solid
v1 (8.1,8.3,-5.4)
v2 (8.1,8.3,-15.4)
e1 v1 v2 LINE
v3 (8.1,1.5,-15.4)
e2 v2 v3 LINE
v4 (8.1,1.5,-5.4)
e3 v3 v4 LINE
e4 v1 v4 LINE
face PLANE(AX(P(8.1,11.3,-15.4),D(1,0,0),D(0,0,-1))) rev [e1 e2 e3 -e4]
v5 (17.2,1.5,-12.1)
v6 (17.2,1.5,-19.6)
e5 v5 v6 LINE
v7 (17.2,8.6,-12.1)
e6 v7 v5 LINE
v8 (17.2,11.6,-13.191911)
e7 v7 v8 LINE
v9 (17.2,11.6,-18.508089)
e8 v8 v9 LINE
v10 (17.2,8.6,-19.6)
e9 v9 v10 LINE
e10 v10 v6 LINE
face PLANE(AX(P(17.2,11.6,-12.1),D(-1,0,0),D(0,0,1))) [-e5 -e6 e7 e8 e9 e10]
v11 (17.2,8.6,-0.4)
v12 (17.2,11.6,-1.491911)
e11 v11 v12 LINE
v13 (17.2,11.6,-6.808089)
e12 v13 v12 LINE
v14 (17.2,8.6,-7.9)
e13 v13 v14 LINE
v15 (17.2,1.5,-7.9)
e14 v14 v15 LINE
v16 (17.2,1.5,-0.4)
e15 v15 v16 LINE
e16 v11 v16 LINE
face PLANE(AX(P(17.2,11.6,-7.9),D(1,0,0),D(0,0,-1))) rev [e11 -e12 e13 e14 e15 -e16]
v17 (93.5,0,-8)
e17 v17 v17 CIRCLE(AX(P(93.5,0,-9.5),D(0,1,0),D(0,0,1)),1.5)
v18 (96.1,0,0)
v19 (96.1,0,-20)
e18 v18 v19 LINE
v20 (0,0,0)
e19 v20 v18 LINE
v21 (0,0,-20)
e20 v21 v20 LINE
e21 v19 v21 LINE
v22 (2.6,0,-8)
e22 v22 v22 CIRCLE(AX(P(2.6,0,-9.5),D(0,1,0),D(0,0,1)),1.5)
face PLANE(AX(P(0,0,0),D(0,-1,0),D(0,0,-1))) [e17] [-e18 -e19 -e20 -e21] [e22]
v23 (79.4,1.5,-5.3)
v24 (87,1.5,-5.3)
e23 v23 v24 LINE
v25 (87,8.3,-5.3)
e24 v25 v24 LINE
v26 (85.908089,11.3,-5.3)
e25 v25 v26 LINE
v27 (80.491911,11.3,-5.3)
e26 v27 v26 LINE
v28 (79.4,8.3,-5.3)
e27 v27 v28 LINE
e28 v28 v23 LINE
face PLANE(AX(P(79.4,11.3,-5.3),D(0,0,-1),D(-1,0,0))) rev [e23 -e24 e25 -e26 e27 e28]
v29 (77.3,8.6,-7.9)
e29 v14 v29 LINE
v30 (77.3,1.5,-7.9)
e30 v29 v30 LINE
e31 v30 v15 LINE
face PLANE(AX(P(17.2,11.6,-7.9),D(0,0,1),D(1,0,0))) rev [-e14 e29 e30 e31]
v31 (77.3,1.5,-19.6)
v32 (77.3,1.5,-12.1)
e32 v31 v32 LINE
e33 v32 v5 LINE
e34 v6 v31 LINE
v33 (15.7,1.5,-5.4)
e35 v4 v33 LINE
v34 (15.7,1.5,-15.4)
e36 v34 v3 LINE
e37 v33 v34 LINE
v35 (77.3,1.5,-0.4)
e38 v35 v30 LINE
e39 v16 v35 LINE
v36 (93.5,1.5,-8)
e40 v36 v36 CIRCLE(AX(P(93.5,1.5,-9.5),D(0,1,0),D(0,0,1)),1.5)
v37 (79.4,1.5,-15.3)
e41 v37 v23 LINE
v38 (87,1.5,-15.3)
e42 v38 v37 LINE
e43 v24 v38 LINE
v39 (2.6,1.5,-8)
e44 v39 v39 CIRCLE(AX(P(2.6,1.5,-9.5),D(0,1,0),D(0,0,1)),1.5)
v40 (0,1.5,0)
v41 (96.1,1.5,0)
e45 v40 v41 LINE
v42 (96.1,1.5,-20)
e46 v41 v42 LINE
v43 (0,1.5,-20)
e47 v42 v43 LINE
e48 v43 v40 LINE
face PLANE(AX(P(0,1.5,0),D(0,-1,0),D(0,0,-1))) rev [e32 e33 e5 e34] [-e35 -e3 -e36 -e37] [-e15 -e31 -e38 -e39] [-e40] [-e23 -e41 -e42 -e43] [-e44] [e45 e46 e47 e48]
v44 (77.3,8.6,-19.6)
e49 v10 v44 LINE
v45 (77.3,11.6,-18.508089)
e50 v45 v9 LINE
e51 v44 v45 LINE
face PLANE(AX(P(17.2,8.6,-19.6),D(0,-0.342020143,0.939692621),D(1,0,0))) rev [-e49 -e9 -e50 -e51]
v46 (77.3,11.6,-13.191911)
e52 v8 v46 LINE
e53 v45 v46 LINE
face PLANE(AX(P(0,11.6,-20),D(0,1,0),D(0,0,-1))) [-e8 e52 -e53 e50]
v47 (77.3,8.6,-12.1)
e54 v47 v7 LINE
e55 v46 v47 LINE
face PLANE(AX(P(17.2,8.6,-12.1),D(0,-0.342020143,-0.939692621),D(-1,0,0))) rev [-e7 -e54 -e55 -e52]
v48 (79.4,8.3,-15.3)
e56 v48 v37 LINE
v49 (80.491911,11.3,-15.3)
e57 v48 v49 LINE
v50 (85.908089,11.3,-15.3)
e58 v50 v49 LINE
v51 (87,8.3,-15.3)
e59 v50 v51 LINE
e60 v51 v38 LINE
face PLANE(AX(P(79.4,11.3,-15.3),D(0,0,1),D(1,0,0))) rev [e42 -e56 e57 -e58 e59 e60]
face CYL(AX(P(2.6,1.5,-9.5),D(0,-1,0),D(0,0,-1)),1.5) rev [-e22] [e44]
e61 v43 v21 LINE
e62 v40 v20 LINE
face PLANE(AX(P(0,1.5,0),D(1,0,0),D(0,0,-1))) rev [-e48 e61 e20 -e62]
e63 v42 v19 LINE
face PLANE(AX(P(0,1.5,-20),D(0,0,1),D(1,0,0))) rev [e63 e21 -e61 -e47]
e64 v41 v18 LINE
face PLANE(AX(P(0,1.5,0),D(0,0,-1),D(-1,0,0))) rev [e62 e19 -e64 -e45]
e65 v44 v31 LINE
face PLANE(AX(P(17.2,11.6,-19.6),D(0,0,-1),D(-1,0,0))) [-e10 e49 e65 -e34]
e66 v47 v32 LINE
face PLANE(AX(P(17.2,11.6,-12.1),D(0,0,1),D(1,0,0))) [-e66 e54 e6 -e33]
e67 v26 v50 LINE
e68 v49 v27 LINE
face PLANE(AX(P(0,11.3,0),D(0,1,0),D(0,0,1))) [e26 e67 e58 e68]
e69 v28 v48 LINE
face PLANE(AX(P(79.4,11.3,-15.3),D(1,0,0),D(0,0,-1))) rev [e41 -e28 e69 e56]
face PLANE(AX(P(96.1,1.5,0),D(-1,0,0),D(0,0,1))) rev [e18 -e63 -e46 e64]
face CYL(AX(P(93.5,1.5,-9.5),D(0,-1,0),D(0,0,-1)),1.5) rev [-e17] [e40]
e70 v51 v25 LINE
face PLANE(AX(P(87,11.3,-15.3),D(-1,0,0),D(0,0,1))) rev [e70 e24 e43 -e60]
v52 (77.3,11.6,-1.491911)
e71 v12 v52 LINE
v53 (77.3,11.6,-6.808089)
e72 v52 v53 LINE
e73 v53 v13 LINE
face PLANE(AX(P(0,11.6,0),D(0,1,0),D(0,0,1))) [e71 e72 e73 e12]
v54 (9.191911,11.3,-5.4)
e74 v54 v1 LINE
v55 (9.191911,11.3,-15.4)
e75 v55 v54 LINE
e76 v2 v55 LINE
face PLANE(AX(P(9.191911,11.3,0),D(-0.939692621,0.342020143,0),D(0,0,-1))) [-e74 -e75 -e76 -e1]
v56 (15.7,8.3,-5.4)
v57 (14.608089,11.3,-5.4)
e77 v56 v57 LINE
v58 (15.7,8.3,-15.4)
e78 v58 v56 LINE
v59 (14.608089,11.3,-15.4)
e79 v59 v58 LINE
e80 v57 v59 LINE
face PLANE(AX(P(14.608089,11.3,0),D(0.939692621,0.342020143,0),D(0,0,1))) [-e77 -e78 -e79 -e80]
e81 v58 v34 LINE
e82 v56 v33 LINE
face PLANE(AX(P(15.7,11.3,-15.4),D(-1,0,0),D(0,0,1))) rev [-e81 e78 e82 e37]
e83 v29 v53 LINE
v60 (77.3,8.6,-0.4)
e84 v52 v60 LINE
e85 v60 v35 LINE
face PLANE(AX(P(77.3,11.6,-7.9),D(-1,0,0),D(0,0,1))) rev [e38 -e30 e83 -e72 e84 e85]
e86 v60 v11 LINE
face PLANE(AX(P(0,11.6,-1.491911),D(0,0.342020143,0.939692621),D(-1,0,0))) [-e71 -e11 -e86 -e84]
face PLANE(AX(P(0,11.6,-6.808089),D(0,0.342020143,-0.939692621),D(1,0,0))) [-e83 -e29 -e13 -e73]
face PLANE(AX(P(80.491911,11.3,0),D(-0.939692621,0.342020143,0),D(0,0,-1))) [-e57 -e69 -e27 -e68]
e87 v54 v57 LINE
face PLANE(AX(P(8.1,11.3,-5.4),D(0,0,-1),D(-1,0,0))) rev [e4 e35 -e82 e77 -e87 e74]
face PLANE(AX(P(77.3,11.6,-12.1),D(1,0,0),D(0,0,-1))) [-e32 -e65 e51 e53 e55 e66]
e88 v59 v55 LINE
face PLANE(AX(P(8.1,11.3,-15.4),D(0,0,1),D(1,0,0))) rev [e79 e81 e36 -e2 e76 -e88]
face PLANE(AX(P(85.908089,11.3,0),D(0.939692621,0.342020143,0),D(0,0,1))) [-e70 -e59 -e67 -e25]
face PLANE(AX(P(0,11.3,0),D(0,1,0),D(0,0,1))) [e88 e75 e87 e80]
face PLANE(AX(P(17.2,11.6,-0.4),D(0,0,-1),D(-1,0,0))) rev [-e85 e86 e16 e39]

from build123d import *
from OCP.BRepFilletAPI import BRepFilletAPI_MakeChamfer

# Parameters (mm, degrees)
SKETCH1_W                 = 96.1
SKETCH1_H                 = 20
SKETCH1_R                 = 1.5
BOSS_EXTRUDE1_DEPTH       = 1.5
SKETCH2_W                 = 60.1
SKETCH2_H                 = 7.5
BOSS_EXTRUDE2_DEPTH       = 10.1
CHAMFER1_SIZE             = 3
CHAMFER1_SIZE2            = 1.091910703
CHAMFER1_OF_MIRROR1_SIZE  = 3
CHAMFER1_OF_MIRROR1_SIZE2 = 1.091910703
SKETCH3_W                 = 7.6
SKETCH3_H                 = 10
BOSS_EXTRUDE3_DEPTH       = 9.8
CHAMFER2_SIZE             = 3
CHAMFER2_SIZE2            = 1.091910703


with BuildPart() as part:
    # Sketch1 → Boss-Extrude1 (new body)
    with BuildSketch(Plane(origin=(0, 0, 0), x_dir=(1, 0, 0), z_dir=(0, 1, 0))):
        with Locations((48.05, 10)):
            Rectangle(SKETCH1_W, SKETCH1_H)
        with Locations(Location((2.6, 9.5, 0), (0, 0, 270))):
            Circle(SKETCH1_R, mode=Mode.SUBTRACT)
        with Locations(Location((93.5, 9.5, 0), (0, 0, 270))):
            Circle(SKETCH1_R, mode=Mode.SUBTRACT)
    extrude(amount=BOSS_EXTRUDE1_DEPTH)

    # Sketch2 → Boss-Extrude2 (add)
    with BuildSketch(Plane(origin=(0, 1.5, 0), x_dir=(1, 0, 0), z_dir=(0, 1, 0))):
        with Locations((47.25, 4.15)):
            Rectangle(SKETCH2_W, SKETCH2_H)
    boss_extrude2 = extrude(amount=BOSS_EXTRUDE2_DEPTH)

    # Chamfer1: one chamfer whose edges measure the first distance from different faces: ONE call of the kernel's chamfer builder (chamfer() names one face for all edges)
    chamfer1_edges_1 = [part.edges().sort_by_distance(p)[0] for p in [
        (47.25, 11.6, -0.4),
    ]]
    chamfer1_side_1 = [part.faces().sort_by_distance(p)[0] for p in [
        (47.25, 6.55, -0.4),
    ]]
    chamfer1_edges_2 = [part.edges().sort_by_distance(p)[0] for p in [
        (47.25, 11.6, -7.9),
    ]]
    chamfer1_side_2 = [part.faces().sort_by_distance(p)[0] for p in [
        (47.25, 6.55, -7.9),
    ]]
    chamfer1 = BRepFilletAPI_MakeChamfer(part.part.solid().wrapped)
    for e in chamfer1_edges_1:
        chamfer1.Add(CHAMFER1_SIZE, CHAMFER1_SIZE2, e.wrapped, chamfer1_side_1[0].wrapped)  # the first distance lies on this face
    for e in chamfer1_edges_2:
        chamfer1.Add(CHAMFER1_SIZE, CHAMFER1_SIZE2, e.wrapped, chamfer1_side_2[0].wrapped)  # the first distance lies on this face
    add(Compound.cast(chamfer1.Shape()), mode=Mode.REPLACE)

    # Mirror1: Boss-Extrude2 across plane
    add(boss_extrude2.mirror(Plane.XY.offset(-10)))

    # Chamfer1 of Mirror1: one chamfer whose edges measure the first distance from different faces: ONE call of the kernel's chamfer builder (chamfer() names one face for all edges)
    chamfer1_of_mirror1_edges_1 = [part.edges().sort_by_distance(p)[0] for p in [
        (47.25, 11.6, -19.6),
    ]]
    chamfer1_of_mirror1_side_1 = [part.faces().sort_by_distance(p)[0] for p in [
        (47.25, 6.55, -19.6),
    ]]
    chamfer1_of_mirror1_edges_2 = [part.edges().sort_by_distance(p)[0] for p in [
        (47.25, 11.6, -12.1),
    ]]
    chamfer1_of_mirror1_side_2 = [part.faces().sort_by_distance(p)[0] for p in [
        (47.25, 6.55, -12.1),
    ]]
    chamfer1_of_mirror1 = BRepFilletAPI_MakeChamfer(part.part.solid().wrapped)
    for e in chamfer1_of_mirror1_edges_1:
        chamfer1_of_mirror1.Add(CHAMFER1_OF_MIRROR1_SIZE, CHAMFER1_OF_MIRROR1_SIZE2, e.wrapped, chamfer1_of_mirror1_side_1[0].wrapped)  # the first distance lies on this face
    for e in chamfer1_of_mirror1_edges_2:
        chamfer1_of_mirror1.Add(CHAMFER1_OF_MIRROR1_SIZE, CHAMFER1_OF_MIRROR1_SIZE2, e.wrapped, chamfer1_of_mirror1_side_2[0].wrapped)  # the first distance lies on this face
    add(Compound.cast(chamfer1_of_mirror1.Shape()), mode=Mode.REPLACE)

    # Sketch3 → Boss-Extrude3 (add)
    with BuildSketch(Plane(origin=(0, 1.5, 0), x_dir=(1, 0, 0), z_dir=(0, 1, 0))):
        with Locations((11.9, 10.4)):
            Rectangle(SKETCH3_W, SKETCH3_H)
        with Locations((83.2, 10.3)):
            Rectangle(SKETCH3_W, SKETCH3_H)
    extrude(amount=BOSS_EXTRUDE3_DEPTH)

    # Chamfer2: one chamfer whose edges measure the first distance from different faces: ONE call of the kernel's chamfer builder (chamfer() names one face for all edges)
    chamfer2_edges_1 = [part.edges().sort_by_distance(p)[0] for p in [
        (8.1, 11.3, -10.4),
    ]]
    chamfer2_side_1 = [part.faces().sort_by_distance(p)[0] for p in [
        (8.1, 6.4, -10.4),
    ]]
    chamfer2_edges_2 = [part.edges().sort_by_distance(p)[0] for p in [
        (15.7, 11.3, -10.4),
    ]]
    chamfer2_side_2 = [part.faces().sort_by_distance(p)[0] for p in [
        (15.7, 6.4, -10.4),
    ]]
    chamfer2_edges_3 = [part.edges().sort_by_distance(p)[0] for p in [
        (79.4, 11.3, -10.3),
    ]]
    chamfer2_side_3 = [part.faces().sort_by_distance(p)[0] for p in [
        (79.4, 6.4, -10.3),
    ]]
    chamfer2_edges_4 = [part.edges().sort_by_distance(p)[0] for p in [
        (87, 11.3, -10.3),
    ]]
    chamfer2_side_4 = [part.faces().sort_by_distance(p)[0] for p in [
        (87, 6.4, -10.3),
    ]]
    chamfer2 = BRepFilletAPI_MakeChamfer(part.part.solid().wrapped)
    for e in chamfer2_edges_1:
        chamfer2.Add(CHAMFER2_SIZE, CHAMFER2_SIZE2, e.wrapped, chamfer2_side_1[0].wrapped)  # the first distance lies on this face
    for e in chamfer2_edges_2:
        chamfer2.Add(CHAMFER2_SIZE, CHAMFER2_SIZE2, e.wrapped, chamfer2_side_2[0].wrapped)  # the first distance lies on this face
    for e in chamfer2_edges_3:
        chamfer2.Add(CHAMFER2_SIZE, CHAMFER2_SIZE2, e.wrapped, chamfer2_side_3[0].wrapped)  # the first distance lies on this face
    for e in chamfer2_edges_4:
        chamfer2.Add(CHAMFER2_SIZE, CHAMFER2_SIZE2, e.wrapped, chamfer2_side_4[0].wrapped)  # the first distance lies on this face
    add(Compound.cast(chamfer2.Shape()), mode=Mode.REPLACE)


solid = part.part
